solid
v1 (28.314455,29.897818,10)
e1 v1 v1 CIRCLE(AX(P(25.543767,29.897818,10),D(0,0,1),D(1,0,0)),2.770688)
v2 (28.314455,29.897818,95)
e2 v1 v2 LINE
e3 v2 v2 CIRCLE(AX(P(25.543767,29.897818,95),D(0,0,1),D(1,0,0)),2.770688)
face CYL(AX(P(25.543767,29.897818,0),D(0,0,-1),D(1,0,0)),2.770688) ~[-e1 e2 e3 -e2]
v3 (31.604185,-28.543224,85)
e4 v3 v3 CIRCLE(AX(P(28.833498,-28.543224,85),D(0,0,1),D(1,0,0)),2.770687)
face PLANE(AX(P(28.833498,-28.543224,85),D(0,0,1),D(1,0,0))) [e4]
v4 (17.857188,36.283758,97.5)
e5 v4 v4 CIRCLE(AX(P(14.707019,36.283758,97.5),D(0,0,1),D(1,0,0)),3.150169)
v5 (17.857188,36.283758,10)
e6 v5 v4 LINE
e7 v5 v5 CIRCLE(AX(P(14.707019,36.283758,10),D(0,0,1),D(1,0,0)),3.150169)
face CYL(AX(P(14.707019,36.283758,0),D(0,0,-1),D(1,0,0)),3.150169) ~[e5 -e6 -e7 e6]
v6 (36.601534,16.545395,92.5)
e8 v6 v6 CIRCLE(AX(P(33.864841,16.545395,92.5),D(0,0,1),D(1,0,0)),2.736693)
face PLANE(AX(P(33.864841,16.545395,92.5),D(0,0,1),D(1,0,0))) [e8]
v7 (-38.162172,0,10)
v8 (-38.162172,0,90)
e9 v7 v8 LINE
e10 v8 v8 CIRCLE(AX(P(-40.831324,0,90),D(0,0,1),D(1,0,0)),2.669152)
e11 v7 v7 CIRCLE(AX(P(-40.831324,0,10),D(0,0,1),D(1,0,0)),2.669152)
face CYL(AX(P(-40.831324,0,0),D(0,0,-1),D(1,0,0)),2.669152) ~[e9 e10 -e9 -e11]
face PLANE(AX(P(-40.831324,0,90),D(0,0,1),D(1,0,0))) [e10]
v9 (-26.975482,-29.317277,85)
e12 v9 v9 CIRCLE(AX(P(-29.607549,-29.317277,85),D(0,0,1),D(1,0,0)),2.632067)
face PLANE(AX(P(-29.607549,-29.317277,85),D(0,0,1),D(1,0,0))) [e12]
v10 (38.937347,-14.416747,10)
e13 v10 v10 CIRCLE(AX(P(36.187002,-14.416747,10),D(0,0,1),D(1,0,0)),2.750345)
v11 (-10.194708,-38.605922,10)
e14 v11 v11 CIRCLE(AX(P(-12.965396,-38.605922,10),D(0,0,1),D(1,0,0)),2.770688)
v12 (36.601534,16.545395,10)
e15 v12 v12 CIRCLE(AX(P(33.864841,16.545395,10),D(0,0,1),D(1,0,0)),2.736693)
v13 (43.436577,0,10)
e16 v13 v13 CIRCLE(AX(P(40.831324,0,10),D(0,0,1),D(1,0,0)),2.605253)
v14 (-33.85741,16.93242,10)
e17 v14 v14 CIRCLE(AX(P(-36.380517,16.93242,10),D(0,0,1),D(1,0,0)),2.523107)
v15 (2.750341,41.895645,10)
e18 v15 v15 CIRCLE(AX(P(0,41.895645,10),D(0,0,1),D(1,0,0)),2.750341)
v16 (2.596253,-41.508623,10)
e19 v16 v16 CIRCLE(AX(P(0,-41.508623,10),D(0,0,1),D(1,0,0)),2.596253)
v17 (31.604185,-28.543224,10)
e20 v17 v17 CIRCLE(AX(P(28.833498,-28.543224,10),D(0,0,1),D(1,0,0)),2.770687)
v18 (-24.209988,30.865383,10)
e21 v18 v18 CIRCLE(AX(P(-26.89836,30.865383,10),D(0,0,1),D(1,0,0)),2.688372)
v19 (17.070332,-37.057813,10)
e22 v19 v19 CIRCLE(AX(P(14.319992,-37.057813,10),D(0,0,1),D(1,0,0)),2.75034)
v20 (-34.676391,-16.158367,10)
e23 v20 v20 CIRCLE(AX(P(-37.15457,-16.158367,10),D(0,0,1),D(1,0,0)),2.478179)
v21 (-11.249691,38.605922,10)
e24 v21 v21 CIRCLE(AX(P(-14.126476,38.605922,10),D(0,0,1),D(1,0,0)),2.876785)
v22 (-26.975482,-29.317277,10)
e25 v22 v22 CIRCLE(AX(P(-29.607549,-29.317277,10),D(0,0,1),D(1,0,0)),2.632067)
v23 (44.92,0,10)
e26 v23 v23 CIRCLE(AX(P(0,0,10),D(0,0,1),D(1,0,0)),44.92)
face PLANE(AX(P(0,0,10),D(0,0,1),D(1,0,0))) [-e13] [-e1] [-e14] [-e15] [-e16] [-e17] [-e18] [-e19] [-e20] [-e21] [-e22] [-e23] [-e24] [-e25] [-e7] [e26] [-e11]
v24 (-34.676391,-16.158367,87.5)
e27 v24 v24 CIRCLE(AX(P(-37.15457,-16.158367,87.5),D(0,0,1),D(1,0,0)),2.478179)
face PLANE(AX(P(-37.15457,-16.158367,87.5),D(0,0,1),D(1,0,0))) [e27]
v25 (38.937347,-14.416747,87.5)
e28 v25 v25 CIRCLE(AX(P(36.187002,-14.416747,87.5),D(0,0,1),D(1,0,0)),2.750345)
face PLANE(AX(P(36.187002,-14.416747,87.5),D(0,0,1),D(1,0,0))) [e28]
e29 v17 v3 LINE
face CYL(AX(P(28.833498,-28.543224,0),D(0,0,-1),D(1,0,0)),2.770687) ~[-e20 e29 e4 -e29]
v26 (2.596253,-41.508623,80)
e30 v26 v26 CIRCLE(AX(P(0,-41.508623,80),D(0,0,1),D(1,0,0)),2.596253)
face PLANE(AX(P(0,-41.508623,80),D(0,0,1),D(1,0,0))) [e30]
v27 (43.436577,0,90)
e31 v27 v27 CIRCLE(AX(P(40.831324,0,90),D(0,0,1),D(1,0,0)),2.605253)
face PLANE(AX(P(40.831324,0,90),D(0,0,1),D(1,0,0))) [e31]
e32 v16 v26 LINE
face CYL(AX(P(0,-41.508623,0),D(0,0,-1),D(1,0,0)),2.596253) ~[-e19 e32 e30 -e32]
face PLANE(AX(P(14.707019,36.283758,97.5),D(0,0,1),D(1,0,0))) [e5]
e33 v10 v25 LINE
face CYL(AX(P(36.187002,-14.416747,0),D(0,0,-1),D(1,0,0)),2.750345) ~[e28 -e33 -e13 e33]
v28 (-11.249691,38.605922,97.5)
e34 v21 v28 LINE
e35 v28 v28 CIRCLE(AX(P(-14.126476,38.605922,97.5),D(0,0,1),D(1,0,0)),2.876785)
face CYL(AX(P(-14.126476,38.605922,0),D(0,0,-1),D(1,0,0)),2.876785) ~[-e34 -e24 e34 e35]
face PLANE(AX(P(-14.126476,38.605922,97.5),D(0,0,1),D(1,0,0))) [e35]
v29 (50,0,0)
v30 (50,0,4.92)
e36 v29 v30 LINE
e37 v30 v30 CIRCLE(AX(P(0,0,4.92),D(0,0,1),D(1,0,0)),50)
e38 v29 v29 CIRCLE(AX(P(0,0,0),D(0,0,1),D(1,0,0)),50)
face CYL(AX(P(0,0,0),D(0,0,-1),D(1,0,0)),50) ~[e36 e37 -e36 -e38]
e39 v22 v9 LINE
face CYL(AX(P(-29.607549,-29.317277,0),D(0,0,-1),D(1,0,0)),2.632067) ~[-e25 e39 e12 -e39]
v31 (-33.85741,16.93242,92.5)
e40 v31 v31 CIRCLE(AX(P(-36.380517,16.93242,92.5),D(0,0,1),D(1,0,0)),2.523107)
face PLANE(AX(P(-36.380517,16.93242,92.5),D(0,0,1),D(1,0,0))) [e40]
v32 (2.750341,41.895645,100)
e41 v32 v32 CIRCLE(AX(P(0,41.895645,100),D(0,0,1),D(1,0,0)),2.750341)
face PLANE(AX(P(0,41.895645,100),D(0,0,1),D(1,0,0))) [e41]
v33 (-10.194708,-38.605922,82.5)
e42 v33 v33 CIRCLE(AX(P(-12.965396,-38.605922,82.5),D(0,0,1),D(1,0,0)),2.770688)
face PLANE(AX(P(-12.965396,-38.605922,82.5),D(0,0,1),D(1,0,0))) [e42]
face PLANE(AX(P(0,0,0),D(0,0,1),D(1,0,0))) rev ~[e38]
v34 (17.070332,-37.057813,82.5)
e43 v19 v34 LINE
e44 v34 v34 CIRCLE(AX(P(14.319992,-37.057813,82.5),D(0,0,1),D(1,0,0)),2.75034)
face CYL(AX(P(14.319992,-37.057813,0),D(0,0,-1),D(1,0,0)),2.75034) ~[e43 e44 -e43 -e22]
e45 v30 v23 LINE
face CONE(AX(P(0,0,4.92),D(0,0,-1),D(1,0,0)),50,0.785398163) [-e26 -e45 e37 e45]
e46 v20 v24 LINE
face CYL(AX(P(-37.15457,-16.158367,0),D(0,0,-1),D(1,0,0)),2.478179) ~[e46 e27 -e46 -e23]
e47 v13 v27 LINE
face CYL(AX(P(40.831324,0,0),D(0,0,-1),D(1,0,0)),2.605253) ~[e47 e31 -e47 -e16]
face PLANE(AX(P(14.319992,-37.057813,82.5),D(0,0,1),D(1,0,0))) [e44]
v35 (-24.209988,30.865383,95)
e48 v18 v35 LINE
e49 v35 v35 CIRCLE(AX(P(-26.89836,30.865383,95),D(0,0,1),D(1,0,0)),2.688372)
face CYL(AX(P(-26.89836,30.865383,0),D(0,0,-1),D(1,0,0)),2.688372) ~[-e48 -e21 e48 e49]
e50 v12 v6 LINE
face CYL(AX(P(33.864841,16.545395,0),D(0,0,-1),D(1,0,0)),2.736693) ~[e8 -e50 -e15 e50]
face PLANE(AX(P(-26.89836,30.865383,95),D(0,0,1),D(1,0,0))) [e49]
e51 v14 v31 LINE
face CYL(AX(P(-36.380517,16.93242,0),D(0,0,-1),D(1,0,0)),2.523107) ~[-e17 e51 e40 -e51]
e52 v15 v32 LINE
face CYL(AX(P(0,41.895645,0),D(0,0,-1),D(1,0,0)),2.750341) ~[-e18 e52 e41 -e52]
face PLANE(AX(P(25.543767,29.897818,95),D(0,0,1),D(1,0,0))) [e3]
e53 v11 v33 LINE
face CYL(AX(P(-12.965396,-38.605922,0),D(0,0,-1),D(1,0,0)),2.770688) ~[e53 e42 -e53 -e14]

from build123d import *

# Parameters (mm, degrees)
F0_R      = 50
F0_R_2    = 46.581391
F0_R_3    = 2.632067
F0_R_4    = 2.770688
F0_R_5    = 2.478179
F0_R_6    = 2.596253
F0_R_7    = 2.75034
F0_R_8    = 2.770687
F0_R_9    = 2.750345
F0_R_10   = 2.669152
F0_R_11   = 2.523107
F0_R_12   = 2.688372
F0_R_13   = 2.876785
F0_R_14   = 2.605253
F0_R_15   = 2.736693
F0_R_16   = 3.150169
F0_R_17   = 2.750341
F1_DEPTH  = 10
F2_SIZE   = 5.08
F3_DEPTH  = 100
F4_DEPTH  = 97.5
F5_DEPTH  = 95
F6_DEPTH  = 92.5
F7_DEPTH  = 90
F8_DEPTH  = 87.5
F9_DEPTH  = 85
F10_DEPTH = 82.5
F11_DEPTH = 80


with BuildPart() as f1:
    # F0 (on Top) → F1 (new body)
    with BuildSketch(Plane.XY):
        Circle(F0_R)
        Circle(F0_R_2, mode=Mode.SUBTRACT)
        Circle(F0_R_2)
        with Locations((-29.607549, -29.317277)):
            Circle(F0_R_3, mode=Mode.SUBTRACT)
        with Locations((-12.965396, -38.605922)):
            Circle(F0_R_4, mode=Mode.SUBTRACT)
        with Locations((-37.15457, -16.158367)):
            Circle(F0_R_5, mode=Mode.SUBTRACT)
        with Locations((0, -41.508623)):
            Circle(F0_R_6, mode=Mode.SUBTRACT)
        with Locations((14.319992, -37.057813)):
            Circle(F0_R_7, mode=Mode.SUBTRACT)
        with Locations((28.833498, -28.543224)):
            Circle(F0_R_8, mode=Mode.SUBTRACT)
        with Locations((36.187002, -14.416747)):
            Circle(F0_R_9, mode=Mode.SUBTRACT)
        with Locations((-40.831324, 0)):
            Circle(F0_R_10, mode=Mode.SUBTRACT)
        with Locations((-36.380517, 16.93242)):
            Circle(F0_R_11, mode=Mode.SUBTRACT)
        with Locations((-26.89836, 30.865383)):
            Circle(F0_R_12, mode=Mode.SUBTRACT)
        with Locations((-14.126476, 38.605922)):
            Circle(F0_R_13, mode=Mode.SUBTRACT)
        with Locations((40.831324, 0)):
            Circle(F0_R_14, mode=Mode.SUBTRACT)
        with Locations((33.864841, 16.545395)):
            Circle(F0_R_15, mode=Mode.SUBTRACT)
        with Locations((14.707019, 36.283758)):
            Circle(F0_R_16, mode=Mode.SUBTRACT)
        with Locations((0, 41.895645)):
            Circle(F0_R_17, mode=Mode.SUBTRACT)
        with Locations((25.543767, 29.897818)):
            Circle(F0_R_4, mode=Mode.SUBTRACT)
    extrude(amount=F1_DEPTH)

    # F2
    f2_edges = [f1.edges().sort_by_distance(p)[0] for p in [
        (-50, 0, 10),
    ]]
    chamfer(f2_edges, length=F2_SIZE)

    # F0 (on Top) → F3 (join)
    with BuildSketch(Plane.XY):
        with Locations((0, 41.895645)):
            Circle(F0_R_17)
    extrude(amount=F3_DEPTH)

    # F0 (on Top) → F4 (join)
    with BuildSketch(Plane.XY):
        with Locations((-14.126476, 38.605922)):
            Circle(F0_R_13)
        with Locations((14.707019, 36.283758)):
            Circle(F0_R_16)
    extrude(amount=F4_DEPTH)

    # F0 (on Top) → F5 (join)
    with BuildSketch(Plane.XY):
        with Locations((-26.89836, 30.865383)):
            Circle(F0_R_12)
        with Locations((25.543767, 29.897818)):
            Circle(F0_R_4)
    extrude(amount=F5_DEPTH)

    # F0 (on Top) → F6 (join)
    with BuildSketch(Plane.XY):
        with Locations((-36.380517, 16.93242)):
            Circle(F0_R_11)
        with Locations((33.864841, 16.545395)):
            Circle(F0_R_15)
    extrude(amount=F6_DEPTH)

    # F0 (on Top) → F7 (join)
    with BuildSketch(Plane.XY):
        with Locations((40.831324, 0)):
            Circle(F0_R_14)
        with Locations((-40.831324, 0)):
            Circle(F0_R_10)
    extrude(amount=F7_DEPTH)

    # F0 (on Top) → F8 (join)
    with BuildSketch(Plane.XY):
        with Locations((-37.15457, -16.158367)):
            Circle(F0_R_5)
        with Locations((36.187002, -14.416747)):
            Circle(F0_R_9)
    extrude(amount=F8_DEPTH)

    # F0 (on Top) → F9 (join)
    with BuildSketch(Plane.XY):
        with Locations((28.833498, -28.543224)):
            Circle(F0_R_8)
        with Locations((-29.607549, -29.317277)):
            Circle(F0_R_3)
    extrude(amount=F9_DEPTH)

    # F0 (on Top) → F10 (join)
    with BuildSketch(Plane.XY):
        with Locations((14.319992, -37.057813)):
            Circle(F0_R_7)
        with Locations((-12.965396, -38.605922)):
            Circle(F0_R_4)
    extrude(amount=F10_DEPTH)

    # F0 (on Top) → F11 (join)
    with BuildSketch(Plane.XY):
        with Locations((0, -41.508623)):
            Circle(F0_R_6)
    extrude(amount=F11_DEPTH)


solid = f1.part
